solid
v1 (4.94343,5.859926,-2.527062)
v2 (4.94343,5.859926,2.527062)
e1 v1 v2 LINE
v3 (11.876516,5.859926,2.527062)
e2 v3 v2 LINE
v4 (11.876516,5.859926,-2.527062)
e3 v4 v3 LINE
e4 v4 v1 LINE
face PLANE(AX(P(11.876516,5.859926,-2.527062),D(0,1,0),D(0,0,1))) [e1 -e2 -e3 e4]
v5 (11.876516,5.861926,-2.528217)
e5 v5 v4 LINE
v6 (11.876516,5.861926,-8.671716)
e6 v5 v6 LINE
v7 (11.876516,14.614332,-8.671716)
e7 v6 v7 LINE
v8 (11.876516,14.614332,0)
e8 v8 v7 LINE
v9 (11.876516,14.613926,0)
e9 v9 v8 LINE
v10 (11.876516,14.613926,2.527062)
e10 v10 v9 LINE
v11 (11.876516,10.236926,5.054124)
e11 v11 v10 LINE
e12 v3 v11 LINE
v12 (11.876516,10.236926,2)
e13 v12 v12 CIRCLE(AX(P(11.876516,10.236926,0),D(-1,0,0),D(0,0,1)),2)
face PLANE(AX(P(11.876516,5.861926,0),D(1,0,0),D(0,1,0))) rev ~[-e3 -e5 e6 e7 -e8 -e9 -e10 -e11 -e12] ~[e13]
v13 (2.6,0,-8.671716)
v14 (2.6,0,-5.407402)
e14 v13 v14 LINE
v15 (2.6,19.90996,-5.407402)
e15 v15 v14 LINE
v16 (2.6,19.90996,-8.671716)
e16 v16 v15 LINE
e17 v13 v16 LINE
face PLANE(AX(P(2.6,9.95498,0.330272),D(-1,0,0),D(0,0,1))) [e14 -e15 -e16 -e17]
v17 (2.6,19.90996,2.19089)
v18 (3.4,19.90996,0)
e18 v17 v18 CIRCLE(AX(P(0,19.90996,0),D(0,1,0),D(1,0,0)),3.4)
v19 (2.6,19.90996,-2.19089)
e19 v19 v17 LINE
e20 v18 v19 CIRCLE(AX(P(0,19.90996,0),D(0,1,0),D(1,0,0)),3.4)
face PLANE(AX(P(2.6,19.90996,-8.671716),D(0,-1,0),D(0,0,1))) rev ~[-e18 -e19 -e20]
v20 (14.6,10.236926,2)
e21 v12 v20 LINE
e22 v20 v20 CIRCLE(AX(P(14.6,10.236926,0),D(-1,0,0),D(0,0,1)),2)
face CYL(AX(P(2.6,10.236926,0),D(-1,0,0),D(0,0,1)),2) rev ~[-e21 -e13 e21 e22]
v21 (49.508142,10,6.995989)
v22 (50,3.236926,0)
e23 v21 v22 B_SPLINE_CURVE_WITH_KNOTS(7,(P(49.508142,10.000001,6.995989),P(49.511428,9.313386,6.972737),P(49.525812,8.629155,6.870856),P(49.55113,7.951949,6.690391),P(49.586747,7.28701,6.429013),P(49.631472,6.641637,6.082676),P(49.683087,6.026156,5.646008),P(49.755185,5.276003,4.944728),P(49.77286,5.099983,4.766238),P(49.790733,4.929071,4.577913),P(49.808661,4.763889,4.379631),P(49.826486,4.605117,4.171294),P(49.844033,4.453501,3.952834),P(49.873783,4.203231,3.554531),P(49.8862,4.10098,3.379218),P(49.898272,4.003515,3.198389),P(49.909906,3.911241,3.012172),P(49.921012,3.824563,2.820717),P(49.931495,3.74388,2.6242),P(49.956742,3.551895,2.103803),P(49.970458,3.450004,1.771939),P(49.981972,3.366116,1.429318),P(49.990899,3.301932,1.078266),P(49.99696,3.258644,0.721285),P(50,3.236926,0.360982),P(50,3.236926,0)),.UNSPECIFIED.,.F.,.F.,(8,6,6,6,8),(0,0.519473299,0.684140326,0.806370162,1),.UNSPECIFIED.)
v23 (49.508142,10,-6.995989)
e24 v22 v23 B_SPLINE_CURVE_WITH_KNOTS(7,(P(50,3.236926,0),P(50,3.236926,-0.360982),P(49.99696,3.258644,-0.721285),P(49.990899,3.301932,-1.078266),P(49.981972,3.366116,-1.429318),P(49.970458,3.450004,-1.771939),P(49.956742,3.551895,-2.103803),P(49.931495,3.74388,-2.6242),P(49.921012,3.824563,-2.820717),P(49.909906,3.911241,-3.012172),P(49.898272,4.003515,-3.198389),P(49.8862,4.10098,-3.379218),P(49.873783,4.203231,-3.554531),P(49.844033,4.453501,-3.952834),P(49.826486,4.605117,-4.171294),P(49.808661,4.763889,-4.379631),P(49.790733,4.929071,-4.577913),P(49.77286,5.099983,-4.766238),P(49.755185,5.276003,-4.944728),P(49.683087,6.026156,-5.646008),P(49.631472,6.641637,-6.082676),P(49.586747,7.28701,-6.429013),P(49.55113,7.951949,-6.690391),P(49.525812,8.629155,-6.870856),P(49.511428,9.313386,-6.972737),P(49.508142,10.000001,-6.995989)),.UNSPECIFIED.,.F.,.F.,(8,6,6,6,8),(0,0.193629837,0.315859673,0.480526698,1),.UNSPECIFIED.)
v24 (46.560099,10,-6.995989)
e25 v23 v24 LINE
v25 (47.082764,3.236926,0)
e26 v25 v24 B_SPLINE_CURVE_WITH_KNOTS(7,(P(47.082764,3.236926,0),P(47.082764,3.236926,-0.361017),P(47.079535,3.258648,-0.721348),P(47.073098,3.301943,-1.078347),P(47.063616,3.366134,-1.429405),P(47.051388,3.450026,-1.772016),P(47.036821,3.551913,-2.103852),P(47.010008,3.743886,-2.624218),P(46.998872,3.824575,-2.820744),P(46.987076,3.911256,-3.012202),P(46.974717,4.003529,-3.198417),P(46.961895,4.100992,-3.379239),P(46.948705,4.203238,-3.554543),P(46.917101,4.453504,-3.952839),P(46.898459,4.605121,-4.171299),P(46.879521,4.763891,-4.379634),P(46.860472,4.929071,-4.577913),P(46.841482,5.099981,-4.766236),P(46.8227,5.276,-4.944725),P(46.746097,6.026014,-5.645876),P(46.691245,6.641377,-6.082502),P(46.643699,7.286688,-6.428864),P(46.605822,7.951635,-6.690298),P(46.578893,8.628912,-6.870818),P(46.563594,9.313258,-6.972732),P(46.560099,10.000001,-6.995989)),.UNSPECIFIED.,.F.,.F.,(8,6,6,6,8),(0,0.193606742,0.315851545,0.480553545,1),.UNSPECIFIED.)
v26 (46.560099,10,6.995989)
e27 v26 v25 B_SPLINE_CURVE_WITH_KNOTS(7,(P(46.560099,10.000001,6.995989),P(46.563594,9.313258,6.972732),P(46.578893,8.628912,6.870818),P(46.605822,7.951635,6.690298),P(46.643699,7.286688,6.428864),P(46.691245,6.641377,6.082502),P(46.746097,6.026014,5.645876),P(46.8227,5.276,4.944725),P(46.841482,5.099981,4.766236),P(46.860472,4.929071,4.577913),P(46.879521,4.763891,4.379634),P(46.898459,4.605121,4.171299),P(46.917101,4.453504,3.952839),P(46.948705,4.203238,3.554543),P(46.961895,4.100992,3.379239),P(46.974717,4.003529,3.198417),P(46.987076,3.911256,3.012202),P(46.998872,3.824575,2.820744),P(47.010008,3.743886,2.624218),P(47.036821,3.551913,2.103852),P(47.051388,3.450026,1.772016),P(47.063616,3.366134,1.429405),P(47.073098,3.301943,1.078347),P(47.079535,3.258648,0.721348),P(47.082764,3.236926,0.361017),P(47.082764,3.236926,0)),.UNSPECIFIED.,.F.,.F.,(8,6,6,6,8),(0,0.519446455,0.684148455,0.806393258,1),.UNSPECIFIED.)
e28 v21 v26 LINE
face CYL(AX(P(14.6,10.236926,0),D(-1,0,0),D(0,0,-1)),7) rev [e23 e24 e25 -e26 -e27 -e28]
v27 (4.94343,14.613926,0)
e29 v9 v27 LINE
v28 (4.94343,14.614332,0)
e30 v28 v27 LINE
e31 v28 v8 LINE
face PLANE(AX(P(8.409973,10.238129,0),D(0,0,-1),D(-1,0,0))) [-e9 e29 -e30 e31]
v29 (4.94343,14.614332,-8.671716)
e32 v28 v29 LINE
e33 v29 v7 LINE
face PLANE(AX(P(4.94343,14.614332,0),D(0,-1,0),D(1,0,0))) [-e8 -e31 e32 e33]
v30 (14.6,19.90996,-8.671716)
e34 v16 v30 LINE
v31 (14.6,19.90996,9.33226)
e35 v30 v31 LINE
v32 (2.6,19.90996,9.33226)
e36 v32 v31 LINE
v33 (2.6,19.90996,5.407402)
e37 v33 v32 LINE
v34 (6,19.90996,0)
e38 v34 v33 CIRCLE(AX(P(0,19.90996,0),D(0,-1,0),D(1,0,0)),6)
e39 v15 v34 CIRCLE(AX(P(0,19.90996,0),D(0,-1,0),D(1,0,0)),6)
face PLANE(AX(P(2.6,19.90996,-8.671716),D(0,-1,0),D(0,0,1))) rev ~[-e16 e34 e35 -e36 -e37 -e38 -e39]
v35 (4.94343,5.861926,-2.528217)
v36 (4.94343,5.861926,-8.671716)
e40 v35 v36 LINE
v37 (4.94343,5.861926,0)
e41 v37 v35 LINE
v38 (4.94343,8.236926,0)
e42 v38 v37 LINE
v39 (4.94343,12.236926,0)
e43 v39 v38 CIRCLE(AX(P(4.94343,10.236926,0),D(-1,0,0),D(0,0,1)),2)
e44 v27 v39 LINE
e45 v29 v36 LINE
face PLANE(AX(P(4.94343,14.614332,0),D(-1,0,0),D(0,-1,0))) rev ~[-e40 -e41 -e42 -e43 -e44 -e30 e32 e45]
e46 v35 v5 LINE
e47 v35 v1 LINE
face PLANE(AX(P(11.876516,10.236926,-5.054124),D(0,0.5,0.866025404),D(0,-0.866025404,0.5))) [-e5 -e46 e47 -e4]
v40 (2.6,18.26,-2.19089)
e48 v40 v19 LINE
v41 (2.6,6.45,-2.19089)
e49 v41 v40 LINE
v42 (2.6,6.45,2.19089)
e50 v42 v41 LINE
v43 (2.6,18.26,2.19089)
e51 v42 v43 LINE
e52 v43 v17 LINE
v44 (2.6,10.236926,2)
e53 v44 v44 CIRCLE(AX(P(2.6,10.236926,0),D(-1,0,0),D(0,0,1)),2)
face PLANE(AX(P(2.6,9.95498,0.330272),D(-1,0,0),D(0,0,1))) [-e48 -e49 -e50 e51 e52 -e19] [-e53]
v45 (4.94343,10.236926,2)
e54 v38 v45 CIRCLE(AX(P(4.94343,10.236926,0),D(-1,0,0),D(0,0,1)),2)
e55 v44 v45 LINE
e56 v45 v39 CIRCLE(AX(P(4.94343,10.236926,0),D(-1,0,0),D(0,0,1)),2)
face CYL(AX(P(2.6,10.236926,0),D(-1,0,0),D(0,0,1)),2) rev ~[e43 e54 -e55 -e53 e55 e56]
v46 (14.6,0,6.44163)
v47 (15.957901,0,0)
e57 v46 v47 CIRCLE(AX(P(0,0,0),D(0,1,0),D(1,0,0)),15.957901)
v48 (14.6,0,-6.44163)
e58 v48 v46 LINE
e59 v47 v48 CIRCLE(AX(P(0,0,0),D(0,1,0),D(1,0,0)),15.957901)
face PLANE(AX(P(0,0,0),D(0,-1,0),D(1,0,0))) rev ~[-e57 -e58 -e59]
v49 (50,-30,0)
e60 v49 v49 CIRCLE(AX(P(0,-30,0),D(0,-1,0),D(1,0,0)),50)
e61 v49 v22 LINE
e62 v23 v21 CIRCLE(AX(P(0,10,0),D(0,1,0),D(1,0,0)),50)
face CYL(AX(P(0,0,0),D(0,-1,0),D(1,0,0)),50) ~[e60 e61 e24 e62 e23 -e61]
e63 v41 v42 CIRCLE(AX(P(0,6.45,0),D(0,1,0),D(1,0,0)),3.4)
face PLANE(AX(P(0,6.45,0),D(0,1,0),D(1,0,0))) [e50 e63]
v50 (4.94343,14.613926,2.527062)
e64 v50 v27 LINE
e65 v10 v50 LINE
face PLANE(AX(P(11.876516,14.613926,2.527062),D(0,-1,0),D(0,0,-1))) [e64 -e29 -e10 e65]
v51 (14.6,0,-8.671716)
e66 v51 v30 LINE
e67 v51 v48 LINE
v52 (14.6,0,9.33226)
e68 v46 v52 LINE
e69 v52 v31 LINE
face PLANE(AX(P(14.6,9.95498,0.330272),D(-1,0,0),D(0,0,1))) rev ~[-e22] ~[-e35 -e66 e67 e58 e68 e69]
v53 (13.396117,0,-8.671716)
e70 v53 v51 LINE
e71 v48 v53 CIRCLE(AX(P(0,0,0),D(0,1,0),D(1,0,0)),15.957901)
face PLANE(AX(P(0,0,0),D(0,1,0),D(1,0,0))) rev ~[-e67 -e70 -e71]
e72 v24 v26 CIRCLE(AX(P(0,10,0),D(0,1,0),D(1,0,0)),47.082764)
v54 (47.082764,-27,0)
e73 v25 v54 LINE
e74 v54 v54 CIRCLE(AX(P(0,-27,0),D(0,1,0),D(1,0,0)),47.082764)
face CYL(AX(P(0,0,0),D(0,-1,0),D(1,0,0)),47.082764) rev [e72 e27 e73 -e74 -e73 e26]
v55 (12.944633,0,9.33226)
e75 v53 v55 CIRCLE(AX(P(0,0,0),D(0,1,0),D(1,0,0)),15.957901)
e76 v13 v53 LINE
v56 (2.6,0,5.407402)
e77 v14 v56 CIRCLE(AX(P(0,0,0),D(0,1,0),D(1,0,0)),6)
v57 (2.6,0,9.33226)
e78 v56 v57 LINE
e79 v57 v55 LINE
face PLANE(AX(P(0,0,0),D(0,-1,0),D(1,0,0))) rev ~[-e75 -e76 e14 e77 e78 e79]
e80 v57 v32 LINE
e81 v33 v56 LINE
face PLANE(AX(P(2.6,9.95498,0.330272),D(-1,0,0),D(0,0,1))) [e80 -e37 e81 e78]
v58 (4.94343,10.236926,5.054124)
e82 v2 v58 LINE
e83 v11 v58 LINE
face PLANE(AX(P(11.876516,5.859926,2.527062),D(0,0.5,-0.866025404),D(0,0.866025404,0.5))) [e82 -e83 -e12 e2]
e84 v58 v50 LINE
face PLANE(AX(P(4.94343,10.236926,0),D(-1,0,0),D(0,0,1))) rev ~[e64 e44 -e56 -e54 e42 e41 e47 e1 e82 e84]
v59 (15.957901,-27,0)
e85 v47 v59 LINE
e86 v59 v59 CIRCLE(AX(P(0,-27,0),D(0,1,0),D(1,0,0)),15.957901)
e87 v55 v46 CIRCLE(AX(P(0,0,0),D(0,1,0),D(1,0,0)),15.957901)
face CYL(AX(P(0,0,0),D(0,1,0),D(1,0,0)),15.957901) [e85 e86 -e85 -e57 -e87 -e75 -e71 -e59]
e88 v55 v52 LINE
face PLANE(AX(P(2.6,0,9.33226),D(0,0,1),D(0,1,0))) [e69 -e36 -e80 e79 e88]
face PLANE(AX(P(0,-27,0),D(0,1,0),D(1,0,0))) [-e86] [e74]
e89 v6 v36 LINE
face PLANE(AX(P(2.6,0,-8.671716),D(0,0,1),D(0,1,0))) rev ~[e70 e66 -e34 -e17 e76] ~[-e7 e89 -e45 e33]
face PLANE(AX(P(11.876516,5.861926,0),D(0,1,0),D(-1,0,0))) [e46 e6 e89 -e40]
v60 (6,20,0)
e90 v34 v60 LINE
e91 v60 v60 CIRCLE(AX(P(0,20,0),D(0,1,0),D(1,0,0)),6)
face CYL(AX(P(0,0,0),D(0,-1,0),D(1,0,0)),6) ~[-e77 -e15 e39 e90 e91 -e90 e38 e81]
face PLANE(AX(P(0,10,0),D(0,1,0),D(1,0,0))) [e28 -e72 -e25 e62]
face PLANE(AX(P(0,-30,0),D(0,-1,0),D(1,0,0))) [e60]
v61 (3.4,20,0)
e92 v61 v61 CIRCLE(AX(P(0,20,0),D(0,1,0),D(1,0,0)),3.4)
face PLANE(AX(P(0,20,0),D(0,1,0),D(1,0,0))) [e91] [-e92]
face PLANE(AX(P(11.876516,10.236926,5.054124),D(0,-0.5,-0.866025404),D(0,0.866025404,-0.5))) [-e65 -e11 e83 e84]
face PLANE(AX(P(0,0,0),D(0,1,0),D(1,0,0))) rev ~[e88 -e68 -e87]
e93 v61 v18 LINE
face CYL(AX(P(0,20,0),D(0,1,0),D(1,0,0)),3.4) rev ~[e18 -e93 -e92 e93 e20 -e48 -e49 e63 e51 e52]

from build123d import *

# Parameters (mm, degrees)
SKETCH1_R               = 6
BOSS_EXTRUDE1_DEPTH     = 20
SKETCH2_R               = 3.4
CUT_EXTRUDE1_DEPTH      = 13.55
SKETCH5_W               = 1.550685087
SKETCH5_H               = 7.184215806
BOSS_EXTRUDE2_DEPTH     = 13.55
SKETCH7_W               = 18.003976239
SKETCH7_H               = 19.909960041
BOSS_EXTRUDE3_DEPTH     = 12
SKETCH6_R               = 2
CUT_EXTRUDE2_DEPTH      = 1
CUT_EXTRUDE2_DEPTH_BACK = 13.55
NUTOPENING_DEPTH        = 10
SKETCH10_R              = 50
BOSS_EXTRUDE4_DEPTH     = 30
SKETCH12_R              = 47.082764373
SKETCH12_R_2            = 15.95790089
CUT_EXTRUDE5_DEPTH      = 27
SKETCH13_R              = 50
SKETCH13_R_2            = 47.082764373
BOSS_EXTRUDE5_DEPTH     = 10
CUT_EXTRUDE6_DEPTH      = 6.933086
SKETCH16_R              = 7
CUT_EXTRUDE7_DEPTH      = 40


with BuildPart() as part:
    # Sketch1 → Boss-Extrude1 (new body)
    with BuildSketch(Plane(origin=(0, 0, 0), x_dir=(1, 0, 0), z_dir=(0, 1, 0))):
        Circle(SKETCH1_R)
    extrude(amount=BOSS_EXTRUDE1_DEPTH)

    # Sketch2 → Cut-Extrude1 (cut)
    with BuildSketch(Plane(origin=(0, 20, 0), x_dir=(1, 0, 0), z_dir=(0, 1, 0))):
        Circle(SKETCH2_R)
    extrude(amount=-CUT_EXTRUDE1_DEPTH, mode=Mode.SUBTRACT)

    # Sketch5 → Boss-Extrude2 (add)
    with BuildSketch(Plane(origin=(0, 18.26, 0), x_dir=(1, 0, 0), z_dir=(0, 1, 0))):
        with Locations((3.375342544, 0.020519704)):
            Rectangle(SKETCH5_W, SKETCH5_H)
    extrude(amount=-BOSS_EXTRUDE2_DEPTH)

    # Sketch7 → Boss-Extrude3 (add)
    with BuildSketch(Plane.ZY.offset(-2.6)):
        with Locations((0.33027221, 9.954980021)):
            Rectangle(SKETCH7_W, SKETCH7_H)
    extrude(amount=-BOSS_EXTRUDE3_DEPTH)

    # Sketch6 → Cut-Extrude2 (cut, two sides)
    with BuildSketch(Plane.ZY.offset(-2.6)) as cut_extrude2_sk:
        with Locations((0, 10.236925537)):
            Circle(SKETCH6_R)
    extrude(amount=CUT_EXTRUDE2_DEPTH, mode=Mode.SUBTRACT)
    extrude(cut_extrude2_sk.sketch, amount=-CUT_EXTRUDE2_DEPTH_BACK, mode=Mode.SUBTRACT)

    # Sketch9 → NutOpening (cut)
    with BuildSketch(Plane.XY):
        Polygon((11.876516377, 10.236925537), (11.876516377, 5.861925537), (4.943430227, 5.861925537), (4.943430227, 10.236925537), (4.943430227, 14.614332445), (11.876516377, 14.614332445), align=None)
    extrude(amount=-NUTOPENING_DEPTH, mode=Mode.SUBTRACT)

    # Sketch10 → Boss-Extrude4 (add)
    with BuildSketch(Plane.XZ):
        Circle(SKETCH10_R)
    extrude(amount=BOSS_EXTRUDE4_DEPTH)

    # Sketch12 → Cut-Extrude5 (cut)
    with BuildSketch(Plane(origin=(0, 0, 0), x_dir=(1, 0, 0), z_dir=(0, 1, 0))):
        Circle(SKETCH12_R)
        Circle(SKETCH12_R_2, mode=Mode.SUBTRACT)
    extrude(amount=-CUT_EXTRUDE5_DEPTH, mode=Mode.SUBTRACT)

    # Sketch13 → Boss-Extrude5 (add)
    with BuildSketch(Plane(origin=(0, 0, 0), x_dir=(1, 0, 0), z_dir=(0, 1, 0))):
        Circle(SKETCH13_R)
        Circle(SKETCH13_R_2, mode=Mode.SUBTRACT)
    extrude(amount=BOSS_EXTRUDE5_DEPTH)

    # Sketch14 → Cut-Extrude6 (cut)
    with BuildSketch(Plane.ZY.offset(-11.876516377)):
        Polygon((-5.054124256, 10.236925537), (-2.527062128, 5.859925537), (2.527062128, 5.859925537), (5.054124256, 10.236925537), (2.527062128, 14.613925537), (-2.527062128, 14.613925537), align=None)
    extrude(amount=CUT_EXTRUDE6_DEPTH, mode=Mode.SUBTRACT)

    # Sketch16 → Cut-Extrude7 (cut)
    with BuildSketch(Plane(origin=(14.6, 0, 0), x_dir=(0, 0, -1), z_dir=(1, 0, 0))):
        with Locations((0, 10.236925537)):
            Circle(SKETCH16_R)
    extrude(amount=CUT_EXTRUDE7_DEPTH, mode=Mode.SUBTRACT)


solid = part.part
